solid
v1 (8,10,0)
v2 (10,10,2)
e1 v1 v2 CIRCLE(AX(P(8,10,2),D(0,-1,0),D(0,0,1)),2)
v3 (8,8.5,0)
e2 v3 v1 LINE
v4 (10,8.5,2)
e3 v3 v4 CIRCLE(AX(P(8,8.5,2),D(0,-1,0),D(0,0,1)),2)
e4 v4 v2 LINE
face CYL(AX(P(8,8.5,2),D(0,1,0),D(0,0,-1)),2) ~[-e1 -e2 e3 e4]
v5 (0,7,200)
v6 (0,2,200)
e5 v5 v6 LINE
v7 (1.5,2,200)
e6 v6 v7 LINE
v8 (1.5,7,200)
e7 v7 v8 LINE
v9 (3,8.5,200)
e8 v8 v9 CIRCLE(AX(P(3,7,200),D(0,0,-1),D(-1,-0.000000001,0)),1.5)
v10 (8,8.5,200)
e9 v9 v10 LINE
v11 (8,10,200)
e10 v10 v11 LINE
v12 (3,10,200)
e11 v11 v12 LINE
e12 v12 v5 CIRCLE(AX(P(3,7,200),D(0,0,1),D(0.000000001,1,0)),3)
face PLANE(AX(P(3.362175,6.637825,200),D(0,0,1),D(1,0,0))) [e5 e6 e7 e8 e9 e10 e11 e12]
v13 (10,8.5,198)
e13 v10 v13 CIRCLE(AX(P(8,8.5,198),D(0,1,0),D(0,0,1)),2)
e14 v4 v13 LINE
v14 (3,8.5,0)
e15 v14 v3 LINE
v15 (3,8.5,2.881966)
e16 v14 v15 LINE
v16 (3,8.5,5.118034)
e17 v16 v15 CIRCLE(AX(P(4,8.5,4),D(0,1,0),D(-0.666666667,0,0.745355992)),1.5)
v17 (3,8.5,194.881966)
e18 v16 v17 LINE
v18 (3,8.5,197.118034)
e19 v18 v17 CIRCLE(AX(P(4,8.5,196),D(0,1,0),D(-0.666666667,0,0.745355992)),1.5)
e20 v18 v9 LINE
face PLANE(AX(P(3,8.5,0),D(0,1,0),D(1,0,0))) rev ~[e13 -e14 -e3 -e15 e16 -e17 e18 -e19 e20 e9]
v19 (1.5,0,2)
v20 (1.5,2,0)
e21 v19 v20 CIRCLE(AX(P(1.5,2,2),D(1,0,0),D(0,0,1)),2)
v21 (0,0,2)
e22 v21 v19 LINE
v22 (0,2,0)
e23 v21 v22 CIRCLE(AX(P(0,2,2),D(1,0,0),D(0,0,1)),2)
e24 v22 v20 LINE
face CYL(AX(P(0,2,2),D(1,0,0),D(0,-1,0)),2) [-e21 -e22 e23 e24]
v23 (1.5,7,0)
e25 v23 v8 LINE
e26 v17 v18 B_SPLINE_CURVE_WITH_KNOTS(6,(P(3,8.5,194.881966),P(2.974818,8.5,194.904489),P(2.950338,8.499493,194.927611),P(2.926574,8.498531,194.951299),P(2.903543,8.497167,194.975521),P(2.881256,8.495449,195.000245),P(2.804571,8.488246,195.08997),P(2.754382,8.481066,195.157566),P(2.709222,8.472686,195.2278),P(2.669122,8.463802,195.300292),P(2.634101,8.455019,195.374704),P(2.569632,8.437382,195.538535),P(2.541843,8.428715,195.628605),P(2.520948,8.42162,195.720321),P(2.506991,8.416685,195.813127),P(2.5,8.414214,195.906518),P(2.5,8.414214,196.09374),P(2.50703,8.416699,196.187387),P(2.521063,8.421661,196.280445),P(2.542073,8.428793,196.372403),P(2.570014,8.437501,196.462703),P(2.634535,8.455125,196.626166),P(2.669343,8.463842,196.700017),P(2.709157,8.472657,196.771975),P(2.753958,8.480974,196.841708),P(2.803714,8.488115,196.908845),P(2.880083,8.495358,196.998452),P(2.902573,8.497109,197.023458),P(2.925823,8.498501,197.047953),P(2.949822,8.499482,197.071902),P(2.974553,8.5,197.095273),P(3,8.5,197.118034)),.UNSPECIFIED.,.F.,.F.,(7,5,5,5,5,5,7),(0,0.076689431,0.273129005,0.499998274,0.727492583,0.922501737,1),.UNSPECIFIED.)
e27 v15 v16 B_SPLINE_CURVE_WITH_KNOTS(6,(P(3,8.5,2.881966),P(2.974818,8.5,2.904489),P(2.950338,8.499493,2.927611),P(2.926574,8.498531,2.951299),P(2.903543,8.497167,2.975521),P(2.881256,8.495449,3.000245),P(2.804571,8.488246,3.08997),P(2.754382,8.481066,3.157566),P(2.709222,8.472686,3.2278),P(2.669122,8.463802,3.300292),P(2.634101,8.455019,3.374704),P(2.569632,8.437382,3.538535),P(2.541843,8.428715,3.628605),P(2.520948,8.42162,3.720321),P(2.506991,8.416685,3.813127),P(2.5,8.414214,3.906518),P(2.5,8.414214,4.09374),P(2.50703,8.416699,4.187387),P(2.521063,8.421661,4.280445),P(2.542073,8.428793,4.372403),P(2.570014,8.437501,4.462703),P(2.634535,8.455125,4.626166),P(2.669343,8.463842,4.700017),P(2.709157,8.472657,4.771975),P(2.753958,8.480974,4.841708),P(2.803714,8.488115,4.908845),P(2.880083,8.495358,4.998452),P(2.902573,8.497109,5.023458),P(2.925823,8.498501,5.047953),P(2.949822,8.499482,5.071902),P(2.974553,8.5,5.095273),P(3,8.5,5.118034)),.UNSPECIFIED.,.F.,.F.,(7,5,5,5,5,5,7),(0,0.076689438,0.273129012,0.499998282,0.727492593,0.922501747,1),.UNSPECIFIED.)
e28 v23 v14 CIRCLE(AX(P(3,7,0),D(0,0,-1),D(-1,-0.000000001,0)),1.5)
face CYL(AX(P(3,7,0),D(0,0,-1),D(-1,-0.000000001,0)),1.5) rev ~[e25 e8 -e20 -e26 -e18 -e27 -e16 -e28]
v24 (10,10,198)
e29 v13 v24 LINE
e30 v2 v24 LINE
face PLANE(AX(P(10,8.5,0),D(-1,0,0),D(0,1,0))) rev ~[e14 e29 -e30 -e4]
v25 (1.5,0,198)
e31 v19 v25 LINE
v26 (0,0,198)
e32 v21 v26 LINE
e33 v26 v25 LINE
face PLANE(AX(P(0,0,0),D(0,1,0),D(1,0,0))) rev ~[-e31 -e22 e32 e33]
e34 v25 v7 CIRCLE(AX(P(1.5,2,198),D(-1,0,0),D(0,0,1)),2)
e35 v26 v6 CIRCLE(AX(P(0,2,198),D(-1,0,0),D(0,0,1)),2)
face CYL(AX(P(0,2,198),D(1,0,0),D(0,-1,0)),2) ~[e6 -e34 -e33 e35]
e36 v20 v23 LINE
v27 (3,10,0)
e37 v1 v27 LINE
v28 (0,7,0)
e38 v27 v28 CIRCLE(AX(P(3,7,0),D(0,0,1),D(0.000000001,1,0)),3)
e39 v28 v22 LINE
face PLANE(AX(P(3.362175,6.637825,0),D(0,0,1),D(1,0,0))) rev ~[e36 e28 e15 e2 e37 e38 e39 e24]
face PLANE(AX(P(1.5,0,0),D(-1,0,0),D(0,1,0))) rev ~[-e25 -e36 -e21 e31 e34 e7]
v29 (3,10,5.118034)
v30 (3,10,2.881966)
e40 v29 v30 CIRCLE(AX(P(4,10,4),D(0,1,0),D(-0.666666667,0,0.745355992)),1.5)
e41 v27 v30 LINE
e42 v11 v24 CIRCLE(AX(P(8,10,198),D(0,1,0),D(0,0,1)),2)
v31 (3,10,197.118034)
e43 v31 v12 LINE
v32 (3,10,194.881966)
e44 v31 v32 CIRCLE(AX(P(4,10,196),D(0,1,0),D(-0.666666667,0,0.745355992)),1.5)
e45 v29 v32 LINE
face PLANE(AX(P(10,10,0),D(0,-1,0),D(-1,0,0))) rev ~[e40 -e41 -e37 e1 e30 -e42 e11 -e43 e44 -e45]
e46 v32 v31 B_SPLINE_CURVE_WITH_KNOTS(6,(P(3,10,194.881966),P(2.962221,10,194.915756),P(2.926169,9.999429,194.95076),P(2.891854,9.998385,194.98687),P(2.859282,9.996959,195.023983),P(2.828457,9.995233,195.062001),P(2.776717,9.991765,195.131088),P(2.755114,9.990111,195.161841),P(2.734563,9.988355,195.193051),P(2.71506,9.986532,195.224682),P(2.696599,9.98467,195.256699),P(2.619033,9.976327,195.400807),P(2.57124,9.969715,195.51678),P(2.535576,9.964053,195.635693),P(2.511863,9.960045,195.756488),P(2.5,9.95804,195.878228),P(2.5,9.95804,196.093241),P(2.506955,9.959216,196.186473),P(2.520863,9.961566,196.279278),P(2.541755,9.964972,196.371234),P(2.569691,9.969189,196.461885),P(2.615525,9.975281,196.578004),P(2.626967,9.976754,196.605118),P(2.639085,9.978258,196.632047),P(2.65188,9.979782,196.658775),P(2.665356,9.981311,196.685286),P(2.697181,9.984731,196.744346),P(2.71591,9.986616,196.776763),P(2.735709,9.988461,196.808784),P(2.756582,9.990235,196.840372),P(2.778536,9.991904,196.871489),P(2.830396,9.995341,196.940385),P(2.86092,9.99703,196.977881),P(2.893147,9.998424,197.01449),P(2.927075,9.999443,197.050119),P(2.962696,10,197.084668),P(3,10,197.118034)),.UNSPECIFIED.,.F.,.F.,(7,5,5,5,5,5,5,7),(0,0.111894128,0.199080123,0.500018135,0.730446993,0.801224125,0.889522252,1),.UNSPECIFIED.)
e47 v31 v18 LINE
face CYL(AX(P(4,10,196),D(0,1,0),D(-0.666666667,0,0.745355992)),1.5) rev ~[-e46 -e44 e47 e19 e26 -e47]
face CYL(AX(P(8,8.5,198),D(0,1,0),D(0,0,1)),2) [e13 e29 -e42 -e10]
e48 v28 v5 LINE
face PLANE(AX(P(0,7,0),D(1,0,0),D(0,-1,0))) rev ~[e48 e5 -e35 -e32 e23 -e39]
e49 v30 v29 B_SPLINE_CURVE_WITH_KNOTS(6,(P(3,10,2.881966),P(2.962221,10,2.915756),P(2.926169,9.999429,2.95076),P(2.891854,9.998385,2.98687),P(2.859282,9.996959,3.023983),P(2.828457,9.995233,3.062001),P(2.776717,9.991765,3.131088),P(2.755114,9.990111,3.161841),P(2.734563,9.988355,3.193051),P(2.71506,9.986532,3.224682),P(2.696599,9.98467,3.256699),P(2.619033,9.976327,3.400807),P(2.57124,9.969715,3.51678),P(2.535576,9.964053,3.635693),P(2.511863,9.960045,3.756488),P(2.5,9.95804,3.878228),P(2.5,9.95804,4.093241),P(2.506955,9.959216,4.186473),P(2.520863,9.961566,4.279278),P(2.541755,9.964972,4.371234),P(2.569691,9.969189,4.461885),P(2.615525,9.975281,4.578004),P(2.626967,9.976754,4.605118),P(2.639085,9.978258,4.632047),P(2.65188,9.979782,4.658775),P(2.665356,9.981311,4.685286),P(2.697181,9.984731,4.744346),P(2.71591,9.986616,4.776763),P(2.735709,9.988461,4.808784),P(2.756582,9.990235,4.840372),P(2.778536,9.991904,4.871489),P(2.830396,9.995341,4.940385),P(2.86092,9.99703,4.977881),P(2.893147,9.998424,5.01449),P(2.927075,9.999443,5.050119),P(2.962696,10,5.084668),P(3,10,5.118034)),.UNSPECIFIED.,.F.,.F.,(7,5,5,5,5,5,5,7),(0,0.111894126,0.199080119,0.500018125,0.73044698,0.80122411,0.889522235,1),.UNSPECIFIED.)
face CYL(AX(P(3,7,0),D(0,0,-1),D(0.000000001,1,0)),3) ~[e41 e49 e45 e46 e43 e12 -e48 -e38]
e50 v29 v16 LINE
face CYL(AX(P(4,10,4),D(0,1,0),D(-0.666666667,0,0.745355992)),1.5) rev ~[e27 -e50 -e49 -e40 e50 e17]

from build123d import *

# Parameters (mm, degrees)
EXTRUDE_1_DEPTH     = 200
SKETCH_2_R          = 1.5
SKETCH_2_R_2        = 0.95
CUT_EXTRUDE_1_DEPTH = 5
FILLET_1_R          = 2


with BuildPart() as part:
    # Эскиз1 → Вытянуть1 (new body)
    with BuildSketch(Plane.XY):
        with BuildLine():
            Line((0, 0), (1.5, 0))
            Line((1.5, 0), (1.5, 7))
            ThreePointArc((1.5, 7), (1.939339828, 8.060660172), (3, 8.5))
            Line((3, 8.5), (10, 8.5))
            Line((10, 8.5), (10, 10))
            Line((10, 10), (3, 10))
            ThreePointArc((3, 10), (0.878679656, 9.121320344), (0, 7))
            Line((0, 7), (0, 0))
        make_face()
    extrude(amount=EXTRUDE_1_DEPTH)

    # Эскиз2 → Вырез-Вытянуть1 (cut)
    with BuildSketch(Plane(origin=(0, 10, 0), x_dir=(-1, 0, 0), z_dir=(0, 1, 0))):
        with Locations(Location((-4, 196, 0), (0, 0, 48.189685104))):
            Circle(SKETCH_2_R)
        with Locations(Location((-4, 4, 0), (0, 0, 48.189685104))):
            Circle(SKETCH_2_R)
        with Locations((-4, -88)):
            Circle(SKETCH_2_R_2)
    extrude(amount=-CUT_EXTRUDE_1_DEPTH, mode=Mode.SUBTRACT)

    # Скругление1
    fillet_1_edges = [part.edges().sort_by_distance(p)[0] for p in [
        (10, 9.25, 200),
        (0.75, 0, 200),
        (10, 9.25, 0),
        (0.75, 0, 0),
    ]]
    fillet(fillet_1_edges, radius=FILLET_1_R)


solid = part.part
